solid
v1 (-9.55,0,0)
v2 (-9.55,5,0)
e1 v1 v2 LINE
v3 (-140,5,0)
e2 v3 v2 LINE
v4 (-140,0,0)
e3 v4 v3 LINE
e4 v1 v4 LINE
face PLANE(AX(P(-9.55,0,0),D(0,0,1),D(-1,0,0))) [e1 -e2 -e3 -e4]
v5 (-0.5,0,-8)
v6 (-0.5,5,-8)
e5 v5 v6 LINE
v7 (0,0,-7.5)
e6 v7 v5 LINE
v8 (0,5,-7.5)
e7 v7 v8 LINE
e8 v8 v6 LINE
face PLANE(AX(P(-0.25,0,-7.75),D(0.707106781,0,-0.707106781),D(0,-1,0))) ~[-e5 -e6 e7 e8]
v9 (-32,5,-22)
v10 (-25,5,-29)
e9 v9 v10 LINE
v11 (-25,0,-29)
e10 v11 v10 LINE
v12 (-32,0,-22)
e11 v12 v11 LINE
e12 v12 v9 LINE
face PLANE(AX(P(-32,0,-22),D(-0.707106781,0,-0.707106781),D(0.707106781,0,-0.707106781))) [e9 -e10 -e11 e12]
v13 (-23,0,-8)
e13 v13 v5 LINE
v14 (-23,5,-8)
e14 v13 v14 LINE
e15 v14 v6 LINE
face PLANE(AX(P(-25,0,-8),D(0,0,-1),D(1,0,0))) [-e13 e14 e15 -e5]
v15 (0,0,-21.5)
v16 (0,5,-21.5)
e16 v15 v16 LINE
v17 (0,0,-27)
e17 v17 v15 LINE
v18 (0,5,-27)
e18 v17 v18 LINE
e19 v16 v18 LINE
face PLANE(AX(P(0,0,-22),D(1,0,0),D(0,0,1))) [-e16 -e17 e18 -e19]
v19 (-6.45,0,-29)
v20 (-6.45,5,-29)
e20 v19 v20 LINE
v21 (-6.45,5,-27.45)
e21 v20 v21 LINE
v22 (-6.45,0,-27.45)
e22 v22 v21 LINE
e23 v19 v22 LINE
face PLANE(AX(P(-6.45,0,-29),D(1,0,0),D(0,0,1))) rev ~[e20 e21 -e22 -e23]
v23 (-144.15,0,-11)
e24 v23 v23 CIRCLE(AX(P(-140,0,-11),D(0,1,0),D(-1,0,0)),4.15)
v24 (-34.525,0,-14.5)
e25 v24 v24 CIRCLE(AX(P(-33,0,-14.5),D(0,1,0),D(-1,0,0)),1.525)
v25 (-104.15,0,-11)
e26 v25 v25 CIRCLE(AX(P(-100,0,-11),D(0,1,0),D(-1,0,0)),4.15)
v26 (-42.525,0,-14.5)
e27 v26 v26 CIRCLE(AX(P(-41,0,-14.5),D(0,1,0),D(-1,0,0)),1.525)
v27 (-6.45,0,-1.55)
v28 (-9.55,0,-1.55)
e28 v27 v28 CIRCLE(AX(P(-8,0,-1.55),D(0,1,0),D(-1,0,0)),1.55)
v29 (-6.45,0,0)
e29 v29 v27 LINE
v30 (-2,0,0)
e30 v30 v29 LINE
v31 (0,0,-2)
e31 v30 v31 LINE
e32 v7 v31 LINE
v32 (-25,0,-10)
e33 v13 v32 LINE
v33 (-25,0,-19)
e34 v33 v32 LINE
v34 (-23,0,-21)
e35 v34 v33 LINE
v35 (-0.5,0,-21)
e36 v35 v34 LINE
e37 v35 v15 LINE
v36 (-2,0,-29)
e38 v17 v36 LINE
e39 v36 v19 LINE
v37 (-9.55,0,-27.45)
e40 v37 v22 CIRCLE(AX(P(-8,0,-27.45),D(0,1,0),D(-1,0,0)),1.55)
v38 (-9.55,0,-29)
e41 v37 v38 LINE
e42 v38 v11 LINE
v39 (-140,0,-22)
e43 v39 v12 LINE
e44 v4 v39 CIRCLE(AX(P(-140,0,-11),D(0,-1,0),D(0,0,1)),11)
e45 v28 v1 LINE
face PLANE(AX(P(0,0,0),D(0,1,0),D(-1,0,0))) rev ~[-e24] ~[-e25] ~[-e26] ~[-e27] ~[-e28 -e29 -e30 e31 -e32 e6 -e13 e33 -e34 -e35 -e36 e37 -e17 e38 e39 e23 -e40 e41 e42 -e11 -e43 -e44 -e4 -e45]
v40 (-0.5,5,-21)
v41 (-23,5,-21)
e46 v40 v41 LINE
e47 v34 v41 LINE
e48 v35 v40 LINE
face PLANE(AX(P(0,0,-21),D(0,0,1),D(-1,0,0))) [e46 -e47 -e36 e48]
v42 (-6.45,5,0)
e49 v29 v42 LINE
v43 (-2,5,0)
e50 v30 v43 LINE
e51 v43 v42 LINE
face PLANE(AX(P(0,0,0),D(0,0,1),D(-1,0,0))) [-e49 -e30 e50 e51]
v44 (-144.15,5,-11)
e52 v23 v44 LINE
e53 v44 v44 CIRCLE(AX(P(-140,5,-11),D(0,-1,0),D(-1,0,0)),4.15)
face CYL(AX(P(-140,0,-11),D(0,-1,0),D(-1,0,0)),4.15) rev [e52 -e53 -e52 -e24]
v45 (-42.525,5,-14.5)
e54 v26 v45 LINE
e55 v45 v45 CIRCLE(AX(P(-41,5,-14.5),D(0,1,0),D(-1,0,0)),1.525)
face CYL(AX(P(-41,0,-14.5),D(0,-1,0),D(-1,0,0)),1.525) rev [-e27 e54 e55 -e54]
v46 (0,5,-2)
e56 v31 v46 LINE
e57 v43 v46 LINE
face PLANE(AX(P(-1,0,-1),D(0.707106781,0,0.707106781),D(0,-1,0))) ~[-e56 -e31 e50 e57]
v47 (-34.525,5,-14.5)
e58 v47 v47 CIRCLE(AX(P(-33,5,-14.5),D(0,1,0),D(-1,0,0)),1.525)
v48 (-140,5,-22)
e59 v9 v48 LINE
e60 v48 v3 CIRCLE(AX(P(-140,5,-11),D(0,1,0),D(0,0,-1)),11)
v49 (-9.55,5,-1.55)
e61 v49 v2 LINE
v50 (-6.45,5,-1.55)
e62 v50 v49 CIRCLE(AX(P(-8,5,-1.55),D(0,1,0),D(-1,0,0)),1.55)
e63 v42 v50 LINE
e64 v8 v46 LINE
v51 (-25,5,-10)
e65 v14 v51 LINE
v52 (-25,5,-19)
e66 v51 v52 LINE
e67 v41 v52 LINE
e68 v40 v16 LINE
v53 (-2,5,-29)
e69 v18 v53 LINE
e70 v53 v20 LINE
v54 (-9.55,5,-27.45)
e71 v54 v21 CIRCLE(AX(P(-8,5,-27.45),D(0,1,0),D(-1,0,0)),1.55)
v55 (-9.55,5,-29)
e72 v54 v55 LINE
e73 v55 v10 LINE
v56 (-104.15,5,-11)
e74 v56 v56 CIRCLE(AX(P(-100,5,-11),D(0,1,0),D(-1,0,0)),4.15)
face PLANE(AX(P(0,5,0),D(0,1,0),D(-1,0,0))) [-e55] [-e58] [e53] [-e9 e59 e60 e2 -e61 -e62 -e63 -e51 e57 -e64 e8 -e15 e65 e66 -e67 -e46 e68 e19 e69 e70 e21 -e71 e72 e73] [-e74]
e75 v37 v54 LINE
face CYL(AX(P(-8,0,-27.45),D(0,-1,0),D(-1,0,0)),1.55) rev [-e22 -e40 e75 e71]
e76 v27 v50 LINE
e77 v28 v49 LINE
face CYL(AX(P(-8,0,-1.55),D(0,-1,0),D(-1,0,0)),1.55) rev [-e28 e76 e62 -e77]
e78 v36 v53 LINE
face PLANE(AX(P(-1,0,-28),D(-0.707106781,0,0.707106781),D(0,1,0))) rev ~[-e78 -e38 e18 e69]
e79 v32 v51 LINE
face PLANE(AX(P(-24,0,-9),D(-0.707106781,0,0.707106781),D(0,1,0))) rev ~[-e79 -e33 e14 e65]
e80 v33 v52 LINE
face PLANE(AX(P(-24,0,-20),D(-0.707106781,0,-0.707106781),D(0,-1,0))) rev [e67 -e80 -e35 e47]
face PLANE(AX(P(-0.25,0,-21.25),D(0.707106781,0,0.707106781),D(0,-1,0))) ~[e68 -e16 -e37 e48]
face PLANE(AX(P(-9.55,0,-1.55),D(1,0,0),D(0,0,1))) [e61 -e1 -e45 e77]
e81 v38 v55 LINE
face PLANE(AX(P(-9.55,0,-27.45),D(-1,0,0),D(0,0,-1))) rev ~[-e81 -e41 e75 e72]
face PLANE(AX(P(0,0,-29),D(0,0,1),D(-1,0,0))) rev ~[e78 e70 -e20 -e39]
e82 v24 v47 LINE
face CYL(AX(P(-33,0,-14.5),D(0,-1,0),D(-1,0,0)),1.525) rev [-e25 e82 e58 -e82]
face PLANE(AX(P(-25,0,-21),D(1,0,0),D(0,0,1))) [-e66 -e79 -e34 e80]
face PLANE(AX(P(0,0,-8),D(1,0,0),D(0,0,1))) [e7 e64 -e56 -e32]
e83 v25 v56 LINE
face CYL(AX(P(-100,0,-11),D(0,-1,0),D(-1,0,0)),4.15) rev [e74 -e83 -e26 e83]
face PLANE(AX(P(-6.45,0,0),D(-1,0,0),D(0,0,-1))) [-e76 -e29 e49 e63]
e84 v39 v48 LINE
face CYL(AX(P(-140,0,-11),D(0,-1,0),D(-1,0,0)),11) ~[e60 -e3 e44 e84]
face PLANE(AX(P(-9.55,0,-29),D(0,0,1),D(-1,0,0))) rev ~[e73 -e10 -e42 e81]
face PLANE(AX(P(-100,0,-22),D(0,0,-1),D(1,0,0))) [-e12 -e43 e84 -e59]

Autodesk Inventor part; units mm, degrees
ref_plane "YZ Plane" through (0, 0, 0) normal (1, 0, 0) x (0, 1, 0)
ref_plane "XZ Plane" through (0, 0, 0) normal (0, 1, 0) x (-1, 0, 0)
ref_plane "XY Plane" through (0, 0, 0) normal (0, 0, 1) x (1, 0, 0)
sketch "草图1" plane through (0, 0, 0) normal (0, 1, 0) x (-1, 0, 0)
  line L0 (0, 0) -> (140, 0)
  line L1 (140, 0) -> (140, -22)
  line L2 (140, -22) -> (0, -22)
  line L3 (0, -22) -> (0, 0)
  circle A0 centre (100, -11) radius 11
  circle A1 centre (100, -11) radius 4.15
  circle A2 centre (140, -11) radius 11
  circle A3 centre (140, -11) radius 4.15
  line L4 (25, -8) -> (0, -8)
  line L5 (0, -8) -> (0, -21)
  line L6 (0, -21) -> (25, -21)
  line L7 (25, -21) -> (25, -8)
  line L8 (32, -22) -> (0, -22)
  line L9 (0, -22) -> (0, -29)
  line L10 (0, -29) -> (32, -29)
  line L11 (32, -29) -> (32, -22)
  line L12 (32, -22) -> (25, -29)
  circle A4 centre (8, -1.55) radius 1.55
  line L13 (9.55, 0) -> (6.45, 0)
  line L14 (6.45, 0) -> (6.45, -1.55)
  line L15 (6.45, -1.55) -> (9.55, -1.55)
  line L16 (9.55, -1.55) -> (9.55, 0)
  circle A5 centre (33, -14.5) radius 1.525
  line L17 (25, -14.5) -> (20.7418, -14.5)
  circle A6 centre (41, -14.5) radius 1.525
  circle A7 centre (8, -27.45) radius 1.55
  line L18 (6.45, -27.45) -> (9.55, -27.45)
  line L19 (9.55, -27.45) -> (9.55, -29)
  line L20 (9.55, -29) -> (6.45, -29)
  line L21 (6.45, -29) -> (6.45, -27.45)
  point P0 (9.55, -1.55)
  point P1 (6.45, 0)
  point P2 (0, -8)
  point P3 (6.45, -29)
  dimension "d11" = 3.1
  dimension "d17" = 3.1
  dimension "d0" = 22
  dimension "d1" = 140
  dimension "d2" = 100
  dimension "d3" = 8.3
  dimension "d4" = 8.3
  dimension "d5" = 13
  dimension "d6" = 8
  dimension "d7" = 8
  dimension "d8" = 45
  dimension "d9" = 25
  dimension "d10" = 32
  dimension "d12" = 3.05
  dimension "d13" = 8
  dimension "d14" = 3.05
  dimension "d15" = 8
  dimension "d16" = 8
extrude "拉伸1" add sketch "草图1" along normal blind 5 contours L0 L14 A4 L16 A0 L2 L3 L6 L7 L4 | L2 L12 L10 L19 A7 L21 L9 | L0 A2 L2 A0 | A0 | A2 L1 A3 | L1 A3 A2
chamfer "倒角1" distance 2 angle 45 4 edges at (0, 2.5, 0) (-25, 2.5, -21) (0, 2.5, -29) (-25, 2.5, -8)
chamfer "倒角2" distance 0.5 angle 45 2 edges at (0, 2.5, -8) (0, 2.5, -21)
properties part number "leg2"
